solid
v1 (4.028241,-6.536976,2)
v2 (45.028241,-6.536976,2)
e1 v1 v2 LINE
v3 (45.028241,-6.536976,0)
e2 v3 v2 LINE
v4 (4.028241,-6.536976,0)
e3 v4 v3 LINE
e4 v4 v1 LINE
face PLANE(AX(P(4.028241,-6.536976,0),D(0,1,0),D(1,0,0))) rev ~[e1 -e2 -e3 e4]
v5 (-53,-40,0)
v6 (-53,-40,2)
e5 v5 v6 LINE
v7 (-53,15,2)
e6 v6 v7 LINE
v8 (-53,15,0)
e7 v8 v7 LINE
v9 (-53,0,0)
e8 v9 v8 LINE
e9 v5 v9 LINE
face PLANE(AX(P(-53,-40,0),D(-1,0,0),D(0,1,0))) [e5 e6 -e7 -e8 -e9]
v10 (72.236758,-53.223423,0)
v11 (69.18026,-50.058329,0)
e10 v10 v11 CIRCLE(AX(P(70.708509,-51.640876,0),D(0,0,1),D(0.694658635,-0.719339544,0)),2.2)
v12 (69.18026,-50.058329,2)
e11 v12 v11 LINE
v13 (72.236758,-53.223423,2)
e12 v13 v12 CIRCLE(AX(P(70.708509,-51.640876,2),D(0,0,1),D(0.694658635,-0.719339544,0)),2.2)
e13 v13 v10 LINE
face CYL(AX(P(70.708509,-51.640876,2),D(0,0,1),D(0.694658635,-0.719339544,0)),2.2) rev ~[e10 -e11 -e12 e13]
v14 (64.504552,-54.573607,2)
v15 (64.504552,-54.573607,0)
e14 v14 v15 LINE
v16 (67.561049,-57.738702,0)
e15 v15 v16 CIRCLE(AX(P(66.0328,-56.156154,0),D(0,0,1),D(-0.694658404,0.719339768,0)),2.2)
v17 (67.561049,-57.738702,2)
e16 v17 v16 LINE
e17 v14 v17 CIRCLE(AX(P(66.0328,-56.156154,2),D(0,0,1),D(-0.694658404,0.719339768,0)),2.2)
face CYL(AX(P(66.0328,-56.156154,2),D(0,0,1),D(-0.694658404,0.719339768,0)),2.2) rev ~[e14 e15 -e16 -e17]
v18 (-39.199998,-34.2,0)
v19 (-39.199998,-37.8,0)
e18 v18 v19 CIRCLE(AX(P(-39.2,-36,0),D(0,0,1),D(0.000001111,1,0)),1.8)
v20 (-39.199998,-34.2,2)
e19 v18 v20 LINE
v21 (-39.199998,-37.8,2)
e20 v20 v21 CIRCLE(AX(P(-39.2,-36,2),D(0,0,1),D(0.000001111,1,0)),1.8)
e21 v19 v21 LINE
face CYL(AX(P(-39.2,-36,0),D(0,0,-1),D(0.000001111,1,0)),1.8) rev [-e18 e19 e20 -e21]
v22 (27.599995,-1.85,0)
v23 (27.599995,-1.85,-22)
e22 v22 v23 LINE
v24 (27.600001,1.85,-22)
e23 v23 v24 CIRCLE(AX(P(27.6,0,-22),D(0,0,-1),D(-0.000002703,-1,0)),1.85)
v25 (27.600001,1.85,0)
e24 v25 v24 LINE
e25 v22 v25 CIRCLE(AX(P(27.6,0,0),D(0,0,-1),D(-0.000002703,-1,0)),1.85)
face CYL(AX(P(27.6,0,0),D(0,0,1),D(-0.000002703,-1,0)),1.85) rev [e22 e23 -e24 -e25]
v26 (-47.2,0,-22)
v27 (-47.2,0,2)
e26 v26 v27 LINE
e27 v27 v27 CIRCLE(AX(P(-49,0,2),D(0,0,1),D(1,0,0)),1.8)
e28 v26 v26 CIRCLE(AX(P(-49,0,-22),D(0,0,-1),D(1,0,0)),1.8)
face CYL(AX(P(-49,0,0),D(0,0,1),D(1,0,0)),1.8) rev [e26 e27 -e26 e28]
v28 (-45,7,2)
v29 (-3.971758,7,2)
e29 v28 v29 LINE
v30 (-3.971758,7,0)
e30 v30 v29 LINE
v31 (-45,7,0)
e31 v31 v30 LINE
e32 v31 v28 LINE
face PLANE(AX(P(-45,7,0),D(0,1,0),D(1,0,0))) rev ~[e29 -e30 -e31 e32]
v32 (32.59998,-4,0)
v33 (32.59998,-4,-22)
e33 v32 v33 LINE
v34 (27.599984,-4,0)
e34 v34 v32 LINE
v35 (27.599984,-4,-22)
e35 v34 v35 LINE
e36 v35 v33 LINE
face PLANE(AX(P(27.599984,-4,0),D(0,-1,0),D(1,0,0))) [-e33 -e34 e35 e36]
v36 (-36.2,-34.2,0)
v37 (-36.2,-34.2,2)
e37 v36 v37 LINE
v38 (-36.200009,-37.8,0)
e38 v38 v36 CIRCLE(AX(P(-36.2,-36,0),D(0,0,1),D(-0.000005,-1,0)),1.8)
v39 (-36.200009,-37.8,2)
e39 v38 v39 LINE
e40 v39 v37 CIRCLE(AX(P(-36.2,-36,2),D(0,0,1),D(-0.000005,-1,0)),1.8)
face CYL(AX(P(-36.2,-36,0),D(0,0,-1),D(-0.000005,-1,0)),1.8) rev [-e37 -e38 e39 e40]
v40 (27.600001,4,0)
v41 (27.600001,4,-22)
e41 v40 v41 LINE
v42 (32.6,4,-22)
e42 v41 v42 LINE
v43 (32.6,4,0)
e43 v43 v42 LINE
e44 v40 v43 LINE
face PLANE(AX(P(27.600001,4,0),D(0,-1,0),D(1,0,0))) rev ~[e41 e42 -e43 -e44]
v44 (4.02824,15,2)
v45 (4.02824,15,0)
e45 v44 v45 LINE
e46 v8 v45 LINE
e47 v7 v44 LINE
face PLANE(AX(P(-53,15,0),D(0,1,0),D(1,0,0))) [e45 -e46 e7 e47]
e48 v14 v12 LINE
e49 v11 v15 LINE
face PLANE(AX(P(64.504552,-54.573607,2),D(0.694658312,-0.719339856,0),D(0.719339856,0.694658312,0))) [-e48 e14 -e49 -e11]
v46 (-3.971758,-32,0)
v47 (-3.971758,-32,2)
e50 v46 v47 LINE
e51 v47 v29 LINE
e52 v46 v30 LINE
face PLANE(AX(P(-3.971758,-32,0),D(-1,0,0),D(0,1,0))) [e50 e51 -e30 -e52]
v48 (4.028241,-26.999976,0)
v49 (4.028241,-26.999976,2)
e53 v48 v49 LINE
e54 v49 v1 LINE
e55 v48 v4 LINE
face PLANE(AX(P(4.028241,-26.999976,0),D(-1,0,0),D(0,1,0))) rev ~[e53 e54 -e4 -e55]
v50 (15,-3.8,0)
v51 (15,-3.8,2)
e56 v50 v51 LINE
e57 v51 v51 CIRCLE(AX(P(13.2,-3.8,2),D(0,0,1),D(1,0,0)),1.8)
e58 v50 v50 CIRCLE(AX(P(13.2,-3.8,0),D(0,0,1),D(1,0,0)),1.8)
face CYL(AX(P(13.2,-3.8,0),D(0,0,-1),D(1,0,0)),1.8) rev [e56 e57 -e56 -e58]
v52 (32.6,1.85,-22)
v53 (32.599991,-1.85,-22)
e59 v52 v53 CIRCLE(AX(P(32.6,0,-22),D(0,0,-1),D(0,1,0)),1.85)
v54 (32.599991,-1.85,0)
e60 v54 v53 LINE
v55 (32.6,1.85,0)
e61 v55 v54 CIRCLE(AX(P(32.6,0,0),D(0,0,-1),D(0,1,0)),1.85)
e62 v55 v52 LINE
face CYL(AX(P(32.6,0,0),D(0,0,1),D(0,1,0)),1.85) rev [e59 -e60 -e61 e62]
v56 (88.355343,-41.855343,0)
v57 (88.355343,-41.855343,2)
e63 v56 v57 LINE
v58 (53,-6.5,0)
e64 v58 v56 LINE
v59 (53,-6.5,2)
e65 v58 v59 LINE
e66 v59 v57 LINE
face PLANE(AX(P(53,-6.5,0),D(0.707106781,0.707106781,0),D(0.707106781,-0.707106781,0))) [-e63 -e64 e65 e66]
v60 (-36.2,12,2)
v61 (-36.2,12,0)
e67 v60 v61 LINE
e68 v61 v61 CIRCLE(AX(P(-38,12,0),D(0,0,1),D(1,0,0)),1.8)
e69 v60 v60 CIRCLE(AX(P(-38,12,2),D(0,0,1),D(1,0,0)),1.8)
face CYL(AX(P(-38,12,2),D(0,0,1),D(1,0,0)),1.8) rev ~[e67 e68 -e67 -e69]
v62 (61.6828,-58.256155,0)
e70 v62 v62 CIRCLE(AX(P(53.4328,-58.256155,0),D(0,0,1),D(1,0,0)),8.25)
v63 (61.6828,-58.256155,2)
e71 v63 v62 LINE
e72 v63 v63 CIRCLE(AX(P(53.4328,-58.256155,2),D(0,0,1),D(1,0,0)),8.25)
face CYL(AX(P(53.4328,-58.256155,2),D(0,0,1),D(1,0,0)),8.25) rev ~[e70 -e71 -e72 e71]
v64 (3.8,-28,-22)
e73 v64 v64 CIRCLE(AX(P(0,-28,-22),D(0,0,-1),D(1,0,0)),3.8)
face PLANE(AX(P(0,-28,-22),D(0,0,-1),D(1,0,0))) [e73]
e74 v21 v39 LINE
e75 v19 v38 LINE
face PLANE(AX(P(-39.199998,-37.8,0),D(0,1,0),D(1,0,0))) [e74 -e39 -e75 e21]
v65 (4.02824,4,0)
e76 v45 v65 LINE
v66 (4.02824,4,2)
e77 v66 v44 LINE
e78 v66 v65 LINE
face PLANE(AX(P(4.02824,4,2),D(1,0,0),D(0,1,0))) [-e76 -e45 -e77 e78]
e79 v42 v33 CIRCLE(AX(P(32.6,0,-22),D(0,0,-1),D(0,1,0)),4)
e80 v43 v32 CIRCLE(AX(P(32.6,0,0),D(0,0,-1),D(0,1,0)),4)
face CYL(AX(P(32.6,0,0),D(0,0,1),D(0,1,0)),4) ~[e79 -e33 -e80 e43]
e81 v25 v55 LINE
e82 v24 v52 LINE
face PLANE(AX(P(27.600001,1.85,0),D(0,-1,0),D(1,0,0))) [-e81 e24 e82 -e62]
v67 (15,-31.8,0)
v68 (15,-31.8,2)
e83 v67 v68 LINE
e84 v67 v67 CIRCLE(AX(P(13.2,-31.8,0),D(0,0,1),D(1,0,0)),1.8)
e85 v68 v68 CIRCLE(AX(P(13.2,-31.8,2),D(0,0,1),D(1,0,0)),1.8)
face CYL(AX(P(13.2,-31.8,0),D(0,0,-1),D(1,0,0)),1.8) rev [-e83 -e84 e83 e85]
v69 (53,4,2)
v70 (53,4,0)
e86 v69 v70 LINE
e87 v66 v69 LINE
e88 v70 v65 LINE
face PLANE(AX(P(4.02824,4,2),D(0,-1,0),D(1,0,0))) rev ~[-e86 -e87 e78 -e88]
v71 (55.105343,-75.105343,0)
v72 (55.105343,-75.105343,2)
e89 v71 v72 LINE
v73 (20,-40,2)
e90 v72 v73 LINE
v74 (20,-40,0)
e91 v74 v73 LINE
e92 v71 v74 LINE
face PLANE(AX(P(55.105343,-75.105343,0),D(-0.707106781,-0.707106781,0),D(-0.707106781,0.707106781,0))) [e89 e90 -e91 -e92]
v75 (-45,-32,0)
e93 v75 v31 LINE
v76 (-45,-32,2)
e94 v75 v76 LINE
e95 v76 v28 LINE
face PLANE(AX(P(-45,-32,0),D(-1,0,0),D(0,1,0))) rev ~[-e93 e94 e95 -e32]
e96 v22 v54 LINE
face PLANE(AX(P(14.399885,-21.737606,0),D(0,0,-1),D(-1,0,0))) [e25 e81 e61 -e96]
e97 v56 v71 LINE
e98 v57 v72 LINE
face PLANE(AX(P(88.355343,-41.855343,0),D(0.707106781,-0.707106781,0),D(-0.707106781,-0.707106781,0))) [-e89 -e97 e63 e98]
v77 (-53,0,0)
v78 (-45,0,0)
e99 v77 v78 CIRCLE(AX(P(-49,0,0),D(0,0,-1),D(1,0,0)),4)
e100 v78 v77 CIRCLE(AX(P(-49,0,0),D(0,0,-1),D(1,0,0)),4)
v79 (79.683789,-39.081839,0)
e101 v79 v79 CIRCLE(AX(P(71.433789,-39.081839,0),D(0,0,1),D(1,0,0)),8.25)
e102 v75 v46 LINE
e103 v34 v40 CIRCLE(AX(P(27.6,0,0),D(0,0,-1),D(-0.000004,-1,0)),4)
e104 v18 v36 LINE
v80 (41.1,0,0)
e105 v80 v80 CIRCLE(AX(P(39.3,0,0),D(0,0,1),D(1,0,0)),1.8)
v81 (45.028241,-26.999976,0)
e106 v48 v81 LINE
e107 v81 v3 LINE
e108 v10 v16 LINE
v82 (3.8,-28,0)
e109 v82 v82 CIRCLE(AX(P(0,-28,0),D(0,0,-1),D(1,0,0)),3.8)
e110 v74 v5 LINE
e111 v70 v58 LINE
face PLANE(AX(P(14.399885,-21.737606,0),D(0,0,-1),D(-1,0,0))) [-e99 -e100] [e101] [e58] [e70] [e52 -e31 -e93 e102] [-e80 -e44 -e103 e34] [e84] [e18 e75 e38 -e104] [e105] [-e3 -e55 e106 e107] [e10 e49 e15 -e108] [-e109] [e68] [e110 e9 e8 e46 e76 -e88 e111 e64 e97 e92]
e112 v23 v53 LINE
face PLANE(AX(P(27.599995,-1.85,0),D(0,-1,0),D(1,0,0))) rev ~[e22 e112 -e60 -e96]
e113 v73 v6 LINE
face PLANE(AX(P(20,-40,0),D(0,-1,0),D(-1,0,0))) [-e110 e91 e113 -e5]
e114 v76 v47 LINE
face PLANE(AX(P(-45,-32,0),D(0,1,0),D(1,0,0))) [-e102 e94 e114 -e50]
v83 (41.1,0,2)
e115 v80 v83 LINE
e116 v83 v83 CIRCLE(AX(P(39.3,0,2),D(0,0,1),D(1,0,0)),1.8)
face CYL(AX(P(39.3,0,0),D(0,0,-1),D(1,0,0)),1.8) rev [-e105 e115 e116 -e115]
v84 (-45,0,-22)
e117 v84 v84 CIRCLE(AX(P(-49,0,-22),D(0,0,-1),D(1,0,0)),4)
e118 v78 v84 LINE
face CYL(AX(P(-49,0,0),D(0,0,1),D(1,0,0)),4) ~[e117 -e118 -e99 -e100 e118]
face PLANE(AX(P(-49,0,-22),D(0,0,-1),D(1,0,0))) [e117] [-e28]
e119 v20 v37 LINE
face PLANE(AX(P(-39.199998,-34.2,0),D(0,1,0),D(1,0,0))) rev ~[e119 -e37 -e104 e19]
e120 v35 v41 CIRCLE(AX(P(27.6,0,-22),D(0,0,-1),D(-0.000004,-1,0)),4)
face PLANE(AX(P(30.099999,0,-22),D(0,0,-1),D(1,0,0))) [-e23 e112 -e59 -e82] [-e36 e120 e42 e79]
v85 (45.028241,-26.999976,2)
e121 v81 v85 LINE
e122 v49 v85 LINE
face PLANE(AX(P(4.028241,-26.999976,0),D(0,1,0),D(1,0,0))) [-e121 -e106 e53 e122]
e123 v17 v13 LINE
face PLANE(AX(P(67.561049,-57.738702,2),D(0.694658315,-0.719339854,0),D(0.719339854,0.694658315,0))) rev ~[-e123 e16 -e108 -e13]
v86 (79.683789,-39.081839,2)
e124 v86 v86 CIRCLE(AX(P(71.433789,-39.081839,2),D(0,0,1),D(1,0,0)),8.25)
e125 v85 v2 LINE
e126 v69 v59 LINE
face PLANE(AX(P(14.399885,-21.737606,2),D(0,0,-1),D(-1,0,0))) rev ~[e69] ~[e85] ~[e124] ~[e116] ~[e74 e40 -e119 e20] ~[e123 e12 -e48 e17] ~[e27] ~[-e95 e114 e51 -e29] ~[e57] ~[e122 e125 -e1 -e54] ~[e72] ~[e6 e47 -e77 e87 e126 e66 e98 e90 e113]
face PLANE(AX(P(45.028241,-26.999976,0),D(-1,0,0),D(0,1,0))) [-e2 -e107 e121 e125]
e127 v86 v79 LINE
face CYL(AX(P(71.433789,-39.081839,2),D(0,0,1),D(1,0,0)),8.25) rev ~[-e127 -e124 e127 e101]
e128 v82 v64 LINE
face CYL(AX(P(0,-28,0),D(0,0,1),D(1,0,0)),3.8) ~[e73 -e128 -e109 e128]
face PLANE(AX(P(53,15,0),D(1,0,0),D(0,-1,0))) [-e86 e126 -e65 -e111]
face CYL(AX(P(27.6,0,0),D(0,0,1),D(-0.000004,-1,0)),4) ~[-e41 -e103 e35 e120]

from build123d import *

# Parameters (mm, degrees)
SKETCH_R        = 1.8
SKETCH_W        = 41.028241
SKETCH_H        = 39
SKETCH_W_2      = 41
SKETCH_H_2      = 20.463
PAD_DEPTH       = 2
SKETCH001_R     = 3.8
SKETCH001_R_2   = 4
SKETCH001_R_3   = 1.8
PAD001_DEPTH    = 22
SKETCH002_R     = 8.25
POCKET_DEPTH    = 5
SKETCH003_R     = 1.8
POCKET001_DEPTH = 5
SKETCH004_W     = 53.310085
SKETCH004_H     = 13.854095
POCKET002_DEPTH = 5


with BuildPart() as part:
    # Sketch → Pad (new body)
    with BuildSketch(Plane.XY):
        Polygon((-53, 15), (53, 15), (53, -6.5), (88.355343, -41.855343), (55.105343, -75.105343), (20, -40), (-53, -40), align=None)
        with Locations((-49, 0)):
            Circle(SKETCH_R, mode=Mode.SUBTRACT)
        with Locations((39.3, 0)):
            Circle(SKETCH_R, mode=Mode.SUBTRACT)
        with Locations((13.2, -31.8)):
            Circle(SKETCH_R, mode=Mode.SUBTRACT)
        with Locations((13.2, -3.8)):
            Circle(SKETCH_R, mode=Mode.SUBTRACT)
        with Locations((-24.485879, -12.5)):
            Rectangle(SKETCH_W, SKETCH_H, mode=Mode.SUBTRACT)
        with Locations((24.528241, -16.768476)):
            Rectangle(SKETCH_W_2, SKETCH_H_2, mode=Mode.SUBTRACT)
        with BuildLine():
            ThreePointArc((-39.199998, -34.2), (-41, -36), (-39.199998, -37.8))
            Line((-39.199998, -37.8), (-36.200009, -37.8))
            ThreePointArc((-36.200009, -37.8), (-34.4, -36.000004), (-36.2, -34.2))
            Line((-39.199998, -34.2), (-36.2, -34.2))
        make_face(mode=Mode.SUBTRACT)
    extrude(amount=PAD_DEPTH)

    # Sketch001 → Pad001 (new body)
    with BuildSketch(Plane(origin=(0, 0, 0), x_dir=(1, 0, 0), z_dir=(0, 0, -1))):
        with Locations((0, 28)):
            Circle(SKETCH001_R)
        with Locations((-49, 0)):
            Circle(SKETCH001_R_2)
        with Locations((-49, 0)):
            Circle(SKETCH001_R_3, mode=Mode.SUBTRACT)
        with BuildLine():
            ThreePointArc((27.599984, 4), (23.6, -8e-06), (27.600001, -4))
            Line((27.600001, -4), (32.6, -4))
            ThreePointArc((32.6, -4), (36.6, 1e-05), (32.59998, 4))
            Line((27.599984, 4), (32.59998, 4))
        make_face()
        with BuildLine():
            ThreePointArc((27.599995, 1.85), (25.75, -3e-06), (27.600001, -1.85))
            Line((27.600001, -1.85), (32.6, -1.85))
            ThreePointArc((32.6, -1.85), (34.45, 4e-06), (32.599991, 1.85))
            Line((27.599995, 1.85), (32.599991, 1.85))
        make_face(mode=Mode.SUBTRACT)
    extrude(amount=PAD001_DEPTH)

    # Sketch002 → Pocket (cut)
    with BuildSketch(Plane.XY.offset(2)):
        with Locations((53.4328, -58.256155)):
            Circle(SKETCH002_R)
        with Locations((71.433789, -39.081839)):
            Circle(SKETCH002_R)
        with BuildLine():
            ThreePointArc((64.504552, -54.573607), (64.450253, -57.684403), (67.561049, -57.738702))
            Line((67.561049, -57.738702), (72.236758, -53.223423))
            ThreePointArc((72.236758, -53.223423), (72.291056, -50.112627), (69.18026, -50.058329))
            Line((64.504552, -54.573607), (69.18026, -50.058329))
        make_face()
    extrude(amount=-POCKET_DEPTH, mode=Mode.SUBTRACT)

    # Sketch003 → Pocket001 (cut)
    with BuildSketch(Plane.XY.offset(2)):
        with Locations((-38, 12)):
            Circle(SKETCH003_R)
    extrude(amount=-POCKET001_DEPTH, mode=Mode.SUBTRACT)

    # Sketch004 → Pocket002 (cut)
    with BuildSketch(Plane.XY.offset(2)):
        with Locations((30.683283, 10.927048)):
            Rectangle(SKETCH004_W, SKETCH004_H)
    extrude(amount=-POCKET002_DEPTH, mode=Mode.SUBTRACT)


solid = part.part
